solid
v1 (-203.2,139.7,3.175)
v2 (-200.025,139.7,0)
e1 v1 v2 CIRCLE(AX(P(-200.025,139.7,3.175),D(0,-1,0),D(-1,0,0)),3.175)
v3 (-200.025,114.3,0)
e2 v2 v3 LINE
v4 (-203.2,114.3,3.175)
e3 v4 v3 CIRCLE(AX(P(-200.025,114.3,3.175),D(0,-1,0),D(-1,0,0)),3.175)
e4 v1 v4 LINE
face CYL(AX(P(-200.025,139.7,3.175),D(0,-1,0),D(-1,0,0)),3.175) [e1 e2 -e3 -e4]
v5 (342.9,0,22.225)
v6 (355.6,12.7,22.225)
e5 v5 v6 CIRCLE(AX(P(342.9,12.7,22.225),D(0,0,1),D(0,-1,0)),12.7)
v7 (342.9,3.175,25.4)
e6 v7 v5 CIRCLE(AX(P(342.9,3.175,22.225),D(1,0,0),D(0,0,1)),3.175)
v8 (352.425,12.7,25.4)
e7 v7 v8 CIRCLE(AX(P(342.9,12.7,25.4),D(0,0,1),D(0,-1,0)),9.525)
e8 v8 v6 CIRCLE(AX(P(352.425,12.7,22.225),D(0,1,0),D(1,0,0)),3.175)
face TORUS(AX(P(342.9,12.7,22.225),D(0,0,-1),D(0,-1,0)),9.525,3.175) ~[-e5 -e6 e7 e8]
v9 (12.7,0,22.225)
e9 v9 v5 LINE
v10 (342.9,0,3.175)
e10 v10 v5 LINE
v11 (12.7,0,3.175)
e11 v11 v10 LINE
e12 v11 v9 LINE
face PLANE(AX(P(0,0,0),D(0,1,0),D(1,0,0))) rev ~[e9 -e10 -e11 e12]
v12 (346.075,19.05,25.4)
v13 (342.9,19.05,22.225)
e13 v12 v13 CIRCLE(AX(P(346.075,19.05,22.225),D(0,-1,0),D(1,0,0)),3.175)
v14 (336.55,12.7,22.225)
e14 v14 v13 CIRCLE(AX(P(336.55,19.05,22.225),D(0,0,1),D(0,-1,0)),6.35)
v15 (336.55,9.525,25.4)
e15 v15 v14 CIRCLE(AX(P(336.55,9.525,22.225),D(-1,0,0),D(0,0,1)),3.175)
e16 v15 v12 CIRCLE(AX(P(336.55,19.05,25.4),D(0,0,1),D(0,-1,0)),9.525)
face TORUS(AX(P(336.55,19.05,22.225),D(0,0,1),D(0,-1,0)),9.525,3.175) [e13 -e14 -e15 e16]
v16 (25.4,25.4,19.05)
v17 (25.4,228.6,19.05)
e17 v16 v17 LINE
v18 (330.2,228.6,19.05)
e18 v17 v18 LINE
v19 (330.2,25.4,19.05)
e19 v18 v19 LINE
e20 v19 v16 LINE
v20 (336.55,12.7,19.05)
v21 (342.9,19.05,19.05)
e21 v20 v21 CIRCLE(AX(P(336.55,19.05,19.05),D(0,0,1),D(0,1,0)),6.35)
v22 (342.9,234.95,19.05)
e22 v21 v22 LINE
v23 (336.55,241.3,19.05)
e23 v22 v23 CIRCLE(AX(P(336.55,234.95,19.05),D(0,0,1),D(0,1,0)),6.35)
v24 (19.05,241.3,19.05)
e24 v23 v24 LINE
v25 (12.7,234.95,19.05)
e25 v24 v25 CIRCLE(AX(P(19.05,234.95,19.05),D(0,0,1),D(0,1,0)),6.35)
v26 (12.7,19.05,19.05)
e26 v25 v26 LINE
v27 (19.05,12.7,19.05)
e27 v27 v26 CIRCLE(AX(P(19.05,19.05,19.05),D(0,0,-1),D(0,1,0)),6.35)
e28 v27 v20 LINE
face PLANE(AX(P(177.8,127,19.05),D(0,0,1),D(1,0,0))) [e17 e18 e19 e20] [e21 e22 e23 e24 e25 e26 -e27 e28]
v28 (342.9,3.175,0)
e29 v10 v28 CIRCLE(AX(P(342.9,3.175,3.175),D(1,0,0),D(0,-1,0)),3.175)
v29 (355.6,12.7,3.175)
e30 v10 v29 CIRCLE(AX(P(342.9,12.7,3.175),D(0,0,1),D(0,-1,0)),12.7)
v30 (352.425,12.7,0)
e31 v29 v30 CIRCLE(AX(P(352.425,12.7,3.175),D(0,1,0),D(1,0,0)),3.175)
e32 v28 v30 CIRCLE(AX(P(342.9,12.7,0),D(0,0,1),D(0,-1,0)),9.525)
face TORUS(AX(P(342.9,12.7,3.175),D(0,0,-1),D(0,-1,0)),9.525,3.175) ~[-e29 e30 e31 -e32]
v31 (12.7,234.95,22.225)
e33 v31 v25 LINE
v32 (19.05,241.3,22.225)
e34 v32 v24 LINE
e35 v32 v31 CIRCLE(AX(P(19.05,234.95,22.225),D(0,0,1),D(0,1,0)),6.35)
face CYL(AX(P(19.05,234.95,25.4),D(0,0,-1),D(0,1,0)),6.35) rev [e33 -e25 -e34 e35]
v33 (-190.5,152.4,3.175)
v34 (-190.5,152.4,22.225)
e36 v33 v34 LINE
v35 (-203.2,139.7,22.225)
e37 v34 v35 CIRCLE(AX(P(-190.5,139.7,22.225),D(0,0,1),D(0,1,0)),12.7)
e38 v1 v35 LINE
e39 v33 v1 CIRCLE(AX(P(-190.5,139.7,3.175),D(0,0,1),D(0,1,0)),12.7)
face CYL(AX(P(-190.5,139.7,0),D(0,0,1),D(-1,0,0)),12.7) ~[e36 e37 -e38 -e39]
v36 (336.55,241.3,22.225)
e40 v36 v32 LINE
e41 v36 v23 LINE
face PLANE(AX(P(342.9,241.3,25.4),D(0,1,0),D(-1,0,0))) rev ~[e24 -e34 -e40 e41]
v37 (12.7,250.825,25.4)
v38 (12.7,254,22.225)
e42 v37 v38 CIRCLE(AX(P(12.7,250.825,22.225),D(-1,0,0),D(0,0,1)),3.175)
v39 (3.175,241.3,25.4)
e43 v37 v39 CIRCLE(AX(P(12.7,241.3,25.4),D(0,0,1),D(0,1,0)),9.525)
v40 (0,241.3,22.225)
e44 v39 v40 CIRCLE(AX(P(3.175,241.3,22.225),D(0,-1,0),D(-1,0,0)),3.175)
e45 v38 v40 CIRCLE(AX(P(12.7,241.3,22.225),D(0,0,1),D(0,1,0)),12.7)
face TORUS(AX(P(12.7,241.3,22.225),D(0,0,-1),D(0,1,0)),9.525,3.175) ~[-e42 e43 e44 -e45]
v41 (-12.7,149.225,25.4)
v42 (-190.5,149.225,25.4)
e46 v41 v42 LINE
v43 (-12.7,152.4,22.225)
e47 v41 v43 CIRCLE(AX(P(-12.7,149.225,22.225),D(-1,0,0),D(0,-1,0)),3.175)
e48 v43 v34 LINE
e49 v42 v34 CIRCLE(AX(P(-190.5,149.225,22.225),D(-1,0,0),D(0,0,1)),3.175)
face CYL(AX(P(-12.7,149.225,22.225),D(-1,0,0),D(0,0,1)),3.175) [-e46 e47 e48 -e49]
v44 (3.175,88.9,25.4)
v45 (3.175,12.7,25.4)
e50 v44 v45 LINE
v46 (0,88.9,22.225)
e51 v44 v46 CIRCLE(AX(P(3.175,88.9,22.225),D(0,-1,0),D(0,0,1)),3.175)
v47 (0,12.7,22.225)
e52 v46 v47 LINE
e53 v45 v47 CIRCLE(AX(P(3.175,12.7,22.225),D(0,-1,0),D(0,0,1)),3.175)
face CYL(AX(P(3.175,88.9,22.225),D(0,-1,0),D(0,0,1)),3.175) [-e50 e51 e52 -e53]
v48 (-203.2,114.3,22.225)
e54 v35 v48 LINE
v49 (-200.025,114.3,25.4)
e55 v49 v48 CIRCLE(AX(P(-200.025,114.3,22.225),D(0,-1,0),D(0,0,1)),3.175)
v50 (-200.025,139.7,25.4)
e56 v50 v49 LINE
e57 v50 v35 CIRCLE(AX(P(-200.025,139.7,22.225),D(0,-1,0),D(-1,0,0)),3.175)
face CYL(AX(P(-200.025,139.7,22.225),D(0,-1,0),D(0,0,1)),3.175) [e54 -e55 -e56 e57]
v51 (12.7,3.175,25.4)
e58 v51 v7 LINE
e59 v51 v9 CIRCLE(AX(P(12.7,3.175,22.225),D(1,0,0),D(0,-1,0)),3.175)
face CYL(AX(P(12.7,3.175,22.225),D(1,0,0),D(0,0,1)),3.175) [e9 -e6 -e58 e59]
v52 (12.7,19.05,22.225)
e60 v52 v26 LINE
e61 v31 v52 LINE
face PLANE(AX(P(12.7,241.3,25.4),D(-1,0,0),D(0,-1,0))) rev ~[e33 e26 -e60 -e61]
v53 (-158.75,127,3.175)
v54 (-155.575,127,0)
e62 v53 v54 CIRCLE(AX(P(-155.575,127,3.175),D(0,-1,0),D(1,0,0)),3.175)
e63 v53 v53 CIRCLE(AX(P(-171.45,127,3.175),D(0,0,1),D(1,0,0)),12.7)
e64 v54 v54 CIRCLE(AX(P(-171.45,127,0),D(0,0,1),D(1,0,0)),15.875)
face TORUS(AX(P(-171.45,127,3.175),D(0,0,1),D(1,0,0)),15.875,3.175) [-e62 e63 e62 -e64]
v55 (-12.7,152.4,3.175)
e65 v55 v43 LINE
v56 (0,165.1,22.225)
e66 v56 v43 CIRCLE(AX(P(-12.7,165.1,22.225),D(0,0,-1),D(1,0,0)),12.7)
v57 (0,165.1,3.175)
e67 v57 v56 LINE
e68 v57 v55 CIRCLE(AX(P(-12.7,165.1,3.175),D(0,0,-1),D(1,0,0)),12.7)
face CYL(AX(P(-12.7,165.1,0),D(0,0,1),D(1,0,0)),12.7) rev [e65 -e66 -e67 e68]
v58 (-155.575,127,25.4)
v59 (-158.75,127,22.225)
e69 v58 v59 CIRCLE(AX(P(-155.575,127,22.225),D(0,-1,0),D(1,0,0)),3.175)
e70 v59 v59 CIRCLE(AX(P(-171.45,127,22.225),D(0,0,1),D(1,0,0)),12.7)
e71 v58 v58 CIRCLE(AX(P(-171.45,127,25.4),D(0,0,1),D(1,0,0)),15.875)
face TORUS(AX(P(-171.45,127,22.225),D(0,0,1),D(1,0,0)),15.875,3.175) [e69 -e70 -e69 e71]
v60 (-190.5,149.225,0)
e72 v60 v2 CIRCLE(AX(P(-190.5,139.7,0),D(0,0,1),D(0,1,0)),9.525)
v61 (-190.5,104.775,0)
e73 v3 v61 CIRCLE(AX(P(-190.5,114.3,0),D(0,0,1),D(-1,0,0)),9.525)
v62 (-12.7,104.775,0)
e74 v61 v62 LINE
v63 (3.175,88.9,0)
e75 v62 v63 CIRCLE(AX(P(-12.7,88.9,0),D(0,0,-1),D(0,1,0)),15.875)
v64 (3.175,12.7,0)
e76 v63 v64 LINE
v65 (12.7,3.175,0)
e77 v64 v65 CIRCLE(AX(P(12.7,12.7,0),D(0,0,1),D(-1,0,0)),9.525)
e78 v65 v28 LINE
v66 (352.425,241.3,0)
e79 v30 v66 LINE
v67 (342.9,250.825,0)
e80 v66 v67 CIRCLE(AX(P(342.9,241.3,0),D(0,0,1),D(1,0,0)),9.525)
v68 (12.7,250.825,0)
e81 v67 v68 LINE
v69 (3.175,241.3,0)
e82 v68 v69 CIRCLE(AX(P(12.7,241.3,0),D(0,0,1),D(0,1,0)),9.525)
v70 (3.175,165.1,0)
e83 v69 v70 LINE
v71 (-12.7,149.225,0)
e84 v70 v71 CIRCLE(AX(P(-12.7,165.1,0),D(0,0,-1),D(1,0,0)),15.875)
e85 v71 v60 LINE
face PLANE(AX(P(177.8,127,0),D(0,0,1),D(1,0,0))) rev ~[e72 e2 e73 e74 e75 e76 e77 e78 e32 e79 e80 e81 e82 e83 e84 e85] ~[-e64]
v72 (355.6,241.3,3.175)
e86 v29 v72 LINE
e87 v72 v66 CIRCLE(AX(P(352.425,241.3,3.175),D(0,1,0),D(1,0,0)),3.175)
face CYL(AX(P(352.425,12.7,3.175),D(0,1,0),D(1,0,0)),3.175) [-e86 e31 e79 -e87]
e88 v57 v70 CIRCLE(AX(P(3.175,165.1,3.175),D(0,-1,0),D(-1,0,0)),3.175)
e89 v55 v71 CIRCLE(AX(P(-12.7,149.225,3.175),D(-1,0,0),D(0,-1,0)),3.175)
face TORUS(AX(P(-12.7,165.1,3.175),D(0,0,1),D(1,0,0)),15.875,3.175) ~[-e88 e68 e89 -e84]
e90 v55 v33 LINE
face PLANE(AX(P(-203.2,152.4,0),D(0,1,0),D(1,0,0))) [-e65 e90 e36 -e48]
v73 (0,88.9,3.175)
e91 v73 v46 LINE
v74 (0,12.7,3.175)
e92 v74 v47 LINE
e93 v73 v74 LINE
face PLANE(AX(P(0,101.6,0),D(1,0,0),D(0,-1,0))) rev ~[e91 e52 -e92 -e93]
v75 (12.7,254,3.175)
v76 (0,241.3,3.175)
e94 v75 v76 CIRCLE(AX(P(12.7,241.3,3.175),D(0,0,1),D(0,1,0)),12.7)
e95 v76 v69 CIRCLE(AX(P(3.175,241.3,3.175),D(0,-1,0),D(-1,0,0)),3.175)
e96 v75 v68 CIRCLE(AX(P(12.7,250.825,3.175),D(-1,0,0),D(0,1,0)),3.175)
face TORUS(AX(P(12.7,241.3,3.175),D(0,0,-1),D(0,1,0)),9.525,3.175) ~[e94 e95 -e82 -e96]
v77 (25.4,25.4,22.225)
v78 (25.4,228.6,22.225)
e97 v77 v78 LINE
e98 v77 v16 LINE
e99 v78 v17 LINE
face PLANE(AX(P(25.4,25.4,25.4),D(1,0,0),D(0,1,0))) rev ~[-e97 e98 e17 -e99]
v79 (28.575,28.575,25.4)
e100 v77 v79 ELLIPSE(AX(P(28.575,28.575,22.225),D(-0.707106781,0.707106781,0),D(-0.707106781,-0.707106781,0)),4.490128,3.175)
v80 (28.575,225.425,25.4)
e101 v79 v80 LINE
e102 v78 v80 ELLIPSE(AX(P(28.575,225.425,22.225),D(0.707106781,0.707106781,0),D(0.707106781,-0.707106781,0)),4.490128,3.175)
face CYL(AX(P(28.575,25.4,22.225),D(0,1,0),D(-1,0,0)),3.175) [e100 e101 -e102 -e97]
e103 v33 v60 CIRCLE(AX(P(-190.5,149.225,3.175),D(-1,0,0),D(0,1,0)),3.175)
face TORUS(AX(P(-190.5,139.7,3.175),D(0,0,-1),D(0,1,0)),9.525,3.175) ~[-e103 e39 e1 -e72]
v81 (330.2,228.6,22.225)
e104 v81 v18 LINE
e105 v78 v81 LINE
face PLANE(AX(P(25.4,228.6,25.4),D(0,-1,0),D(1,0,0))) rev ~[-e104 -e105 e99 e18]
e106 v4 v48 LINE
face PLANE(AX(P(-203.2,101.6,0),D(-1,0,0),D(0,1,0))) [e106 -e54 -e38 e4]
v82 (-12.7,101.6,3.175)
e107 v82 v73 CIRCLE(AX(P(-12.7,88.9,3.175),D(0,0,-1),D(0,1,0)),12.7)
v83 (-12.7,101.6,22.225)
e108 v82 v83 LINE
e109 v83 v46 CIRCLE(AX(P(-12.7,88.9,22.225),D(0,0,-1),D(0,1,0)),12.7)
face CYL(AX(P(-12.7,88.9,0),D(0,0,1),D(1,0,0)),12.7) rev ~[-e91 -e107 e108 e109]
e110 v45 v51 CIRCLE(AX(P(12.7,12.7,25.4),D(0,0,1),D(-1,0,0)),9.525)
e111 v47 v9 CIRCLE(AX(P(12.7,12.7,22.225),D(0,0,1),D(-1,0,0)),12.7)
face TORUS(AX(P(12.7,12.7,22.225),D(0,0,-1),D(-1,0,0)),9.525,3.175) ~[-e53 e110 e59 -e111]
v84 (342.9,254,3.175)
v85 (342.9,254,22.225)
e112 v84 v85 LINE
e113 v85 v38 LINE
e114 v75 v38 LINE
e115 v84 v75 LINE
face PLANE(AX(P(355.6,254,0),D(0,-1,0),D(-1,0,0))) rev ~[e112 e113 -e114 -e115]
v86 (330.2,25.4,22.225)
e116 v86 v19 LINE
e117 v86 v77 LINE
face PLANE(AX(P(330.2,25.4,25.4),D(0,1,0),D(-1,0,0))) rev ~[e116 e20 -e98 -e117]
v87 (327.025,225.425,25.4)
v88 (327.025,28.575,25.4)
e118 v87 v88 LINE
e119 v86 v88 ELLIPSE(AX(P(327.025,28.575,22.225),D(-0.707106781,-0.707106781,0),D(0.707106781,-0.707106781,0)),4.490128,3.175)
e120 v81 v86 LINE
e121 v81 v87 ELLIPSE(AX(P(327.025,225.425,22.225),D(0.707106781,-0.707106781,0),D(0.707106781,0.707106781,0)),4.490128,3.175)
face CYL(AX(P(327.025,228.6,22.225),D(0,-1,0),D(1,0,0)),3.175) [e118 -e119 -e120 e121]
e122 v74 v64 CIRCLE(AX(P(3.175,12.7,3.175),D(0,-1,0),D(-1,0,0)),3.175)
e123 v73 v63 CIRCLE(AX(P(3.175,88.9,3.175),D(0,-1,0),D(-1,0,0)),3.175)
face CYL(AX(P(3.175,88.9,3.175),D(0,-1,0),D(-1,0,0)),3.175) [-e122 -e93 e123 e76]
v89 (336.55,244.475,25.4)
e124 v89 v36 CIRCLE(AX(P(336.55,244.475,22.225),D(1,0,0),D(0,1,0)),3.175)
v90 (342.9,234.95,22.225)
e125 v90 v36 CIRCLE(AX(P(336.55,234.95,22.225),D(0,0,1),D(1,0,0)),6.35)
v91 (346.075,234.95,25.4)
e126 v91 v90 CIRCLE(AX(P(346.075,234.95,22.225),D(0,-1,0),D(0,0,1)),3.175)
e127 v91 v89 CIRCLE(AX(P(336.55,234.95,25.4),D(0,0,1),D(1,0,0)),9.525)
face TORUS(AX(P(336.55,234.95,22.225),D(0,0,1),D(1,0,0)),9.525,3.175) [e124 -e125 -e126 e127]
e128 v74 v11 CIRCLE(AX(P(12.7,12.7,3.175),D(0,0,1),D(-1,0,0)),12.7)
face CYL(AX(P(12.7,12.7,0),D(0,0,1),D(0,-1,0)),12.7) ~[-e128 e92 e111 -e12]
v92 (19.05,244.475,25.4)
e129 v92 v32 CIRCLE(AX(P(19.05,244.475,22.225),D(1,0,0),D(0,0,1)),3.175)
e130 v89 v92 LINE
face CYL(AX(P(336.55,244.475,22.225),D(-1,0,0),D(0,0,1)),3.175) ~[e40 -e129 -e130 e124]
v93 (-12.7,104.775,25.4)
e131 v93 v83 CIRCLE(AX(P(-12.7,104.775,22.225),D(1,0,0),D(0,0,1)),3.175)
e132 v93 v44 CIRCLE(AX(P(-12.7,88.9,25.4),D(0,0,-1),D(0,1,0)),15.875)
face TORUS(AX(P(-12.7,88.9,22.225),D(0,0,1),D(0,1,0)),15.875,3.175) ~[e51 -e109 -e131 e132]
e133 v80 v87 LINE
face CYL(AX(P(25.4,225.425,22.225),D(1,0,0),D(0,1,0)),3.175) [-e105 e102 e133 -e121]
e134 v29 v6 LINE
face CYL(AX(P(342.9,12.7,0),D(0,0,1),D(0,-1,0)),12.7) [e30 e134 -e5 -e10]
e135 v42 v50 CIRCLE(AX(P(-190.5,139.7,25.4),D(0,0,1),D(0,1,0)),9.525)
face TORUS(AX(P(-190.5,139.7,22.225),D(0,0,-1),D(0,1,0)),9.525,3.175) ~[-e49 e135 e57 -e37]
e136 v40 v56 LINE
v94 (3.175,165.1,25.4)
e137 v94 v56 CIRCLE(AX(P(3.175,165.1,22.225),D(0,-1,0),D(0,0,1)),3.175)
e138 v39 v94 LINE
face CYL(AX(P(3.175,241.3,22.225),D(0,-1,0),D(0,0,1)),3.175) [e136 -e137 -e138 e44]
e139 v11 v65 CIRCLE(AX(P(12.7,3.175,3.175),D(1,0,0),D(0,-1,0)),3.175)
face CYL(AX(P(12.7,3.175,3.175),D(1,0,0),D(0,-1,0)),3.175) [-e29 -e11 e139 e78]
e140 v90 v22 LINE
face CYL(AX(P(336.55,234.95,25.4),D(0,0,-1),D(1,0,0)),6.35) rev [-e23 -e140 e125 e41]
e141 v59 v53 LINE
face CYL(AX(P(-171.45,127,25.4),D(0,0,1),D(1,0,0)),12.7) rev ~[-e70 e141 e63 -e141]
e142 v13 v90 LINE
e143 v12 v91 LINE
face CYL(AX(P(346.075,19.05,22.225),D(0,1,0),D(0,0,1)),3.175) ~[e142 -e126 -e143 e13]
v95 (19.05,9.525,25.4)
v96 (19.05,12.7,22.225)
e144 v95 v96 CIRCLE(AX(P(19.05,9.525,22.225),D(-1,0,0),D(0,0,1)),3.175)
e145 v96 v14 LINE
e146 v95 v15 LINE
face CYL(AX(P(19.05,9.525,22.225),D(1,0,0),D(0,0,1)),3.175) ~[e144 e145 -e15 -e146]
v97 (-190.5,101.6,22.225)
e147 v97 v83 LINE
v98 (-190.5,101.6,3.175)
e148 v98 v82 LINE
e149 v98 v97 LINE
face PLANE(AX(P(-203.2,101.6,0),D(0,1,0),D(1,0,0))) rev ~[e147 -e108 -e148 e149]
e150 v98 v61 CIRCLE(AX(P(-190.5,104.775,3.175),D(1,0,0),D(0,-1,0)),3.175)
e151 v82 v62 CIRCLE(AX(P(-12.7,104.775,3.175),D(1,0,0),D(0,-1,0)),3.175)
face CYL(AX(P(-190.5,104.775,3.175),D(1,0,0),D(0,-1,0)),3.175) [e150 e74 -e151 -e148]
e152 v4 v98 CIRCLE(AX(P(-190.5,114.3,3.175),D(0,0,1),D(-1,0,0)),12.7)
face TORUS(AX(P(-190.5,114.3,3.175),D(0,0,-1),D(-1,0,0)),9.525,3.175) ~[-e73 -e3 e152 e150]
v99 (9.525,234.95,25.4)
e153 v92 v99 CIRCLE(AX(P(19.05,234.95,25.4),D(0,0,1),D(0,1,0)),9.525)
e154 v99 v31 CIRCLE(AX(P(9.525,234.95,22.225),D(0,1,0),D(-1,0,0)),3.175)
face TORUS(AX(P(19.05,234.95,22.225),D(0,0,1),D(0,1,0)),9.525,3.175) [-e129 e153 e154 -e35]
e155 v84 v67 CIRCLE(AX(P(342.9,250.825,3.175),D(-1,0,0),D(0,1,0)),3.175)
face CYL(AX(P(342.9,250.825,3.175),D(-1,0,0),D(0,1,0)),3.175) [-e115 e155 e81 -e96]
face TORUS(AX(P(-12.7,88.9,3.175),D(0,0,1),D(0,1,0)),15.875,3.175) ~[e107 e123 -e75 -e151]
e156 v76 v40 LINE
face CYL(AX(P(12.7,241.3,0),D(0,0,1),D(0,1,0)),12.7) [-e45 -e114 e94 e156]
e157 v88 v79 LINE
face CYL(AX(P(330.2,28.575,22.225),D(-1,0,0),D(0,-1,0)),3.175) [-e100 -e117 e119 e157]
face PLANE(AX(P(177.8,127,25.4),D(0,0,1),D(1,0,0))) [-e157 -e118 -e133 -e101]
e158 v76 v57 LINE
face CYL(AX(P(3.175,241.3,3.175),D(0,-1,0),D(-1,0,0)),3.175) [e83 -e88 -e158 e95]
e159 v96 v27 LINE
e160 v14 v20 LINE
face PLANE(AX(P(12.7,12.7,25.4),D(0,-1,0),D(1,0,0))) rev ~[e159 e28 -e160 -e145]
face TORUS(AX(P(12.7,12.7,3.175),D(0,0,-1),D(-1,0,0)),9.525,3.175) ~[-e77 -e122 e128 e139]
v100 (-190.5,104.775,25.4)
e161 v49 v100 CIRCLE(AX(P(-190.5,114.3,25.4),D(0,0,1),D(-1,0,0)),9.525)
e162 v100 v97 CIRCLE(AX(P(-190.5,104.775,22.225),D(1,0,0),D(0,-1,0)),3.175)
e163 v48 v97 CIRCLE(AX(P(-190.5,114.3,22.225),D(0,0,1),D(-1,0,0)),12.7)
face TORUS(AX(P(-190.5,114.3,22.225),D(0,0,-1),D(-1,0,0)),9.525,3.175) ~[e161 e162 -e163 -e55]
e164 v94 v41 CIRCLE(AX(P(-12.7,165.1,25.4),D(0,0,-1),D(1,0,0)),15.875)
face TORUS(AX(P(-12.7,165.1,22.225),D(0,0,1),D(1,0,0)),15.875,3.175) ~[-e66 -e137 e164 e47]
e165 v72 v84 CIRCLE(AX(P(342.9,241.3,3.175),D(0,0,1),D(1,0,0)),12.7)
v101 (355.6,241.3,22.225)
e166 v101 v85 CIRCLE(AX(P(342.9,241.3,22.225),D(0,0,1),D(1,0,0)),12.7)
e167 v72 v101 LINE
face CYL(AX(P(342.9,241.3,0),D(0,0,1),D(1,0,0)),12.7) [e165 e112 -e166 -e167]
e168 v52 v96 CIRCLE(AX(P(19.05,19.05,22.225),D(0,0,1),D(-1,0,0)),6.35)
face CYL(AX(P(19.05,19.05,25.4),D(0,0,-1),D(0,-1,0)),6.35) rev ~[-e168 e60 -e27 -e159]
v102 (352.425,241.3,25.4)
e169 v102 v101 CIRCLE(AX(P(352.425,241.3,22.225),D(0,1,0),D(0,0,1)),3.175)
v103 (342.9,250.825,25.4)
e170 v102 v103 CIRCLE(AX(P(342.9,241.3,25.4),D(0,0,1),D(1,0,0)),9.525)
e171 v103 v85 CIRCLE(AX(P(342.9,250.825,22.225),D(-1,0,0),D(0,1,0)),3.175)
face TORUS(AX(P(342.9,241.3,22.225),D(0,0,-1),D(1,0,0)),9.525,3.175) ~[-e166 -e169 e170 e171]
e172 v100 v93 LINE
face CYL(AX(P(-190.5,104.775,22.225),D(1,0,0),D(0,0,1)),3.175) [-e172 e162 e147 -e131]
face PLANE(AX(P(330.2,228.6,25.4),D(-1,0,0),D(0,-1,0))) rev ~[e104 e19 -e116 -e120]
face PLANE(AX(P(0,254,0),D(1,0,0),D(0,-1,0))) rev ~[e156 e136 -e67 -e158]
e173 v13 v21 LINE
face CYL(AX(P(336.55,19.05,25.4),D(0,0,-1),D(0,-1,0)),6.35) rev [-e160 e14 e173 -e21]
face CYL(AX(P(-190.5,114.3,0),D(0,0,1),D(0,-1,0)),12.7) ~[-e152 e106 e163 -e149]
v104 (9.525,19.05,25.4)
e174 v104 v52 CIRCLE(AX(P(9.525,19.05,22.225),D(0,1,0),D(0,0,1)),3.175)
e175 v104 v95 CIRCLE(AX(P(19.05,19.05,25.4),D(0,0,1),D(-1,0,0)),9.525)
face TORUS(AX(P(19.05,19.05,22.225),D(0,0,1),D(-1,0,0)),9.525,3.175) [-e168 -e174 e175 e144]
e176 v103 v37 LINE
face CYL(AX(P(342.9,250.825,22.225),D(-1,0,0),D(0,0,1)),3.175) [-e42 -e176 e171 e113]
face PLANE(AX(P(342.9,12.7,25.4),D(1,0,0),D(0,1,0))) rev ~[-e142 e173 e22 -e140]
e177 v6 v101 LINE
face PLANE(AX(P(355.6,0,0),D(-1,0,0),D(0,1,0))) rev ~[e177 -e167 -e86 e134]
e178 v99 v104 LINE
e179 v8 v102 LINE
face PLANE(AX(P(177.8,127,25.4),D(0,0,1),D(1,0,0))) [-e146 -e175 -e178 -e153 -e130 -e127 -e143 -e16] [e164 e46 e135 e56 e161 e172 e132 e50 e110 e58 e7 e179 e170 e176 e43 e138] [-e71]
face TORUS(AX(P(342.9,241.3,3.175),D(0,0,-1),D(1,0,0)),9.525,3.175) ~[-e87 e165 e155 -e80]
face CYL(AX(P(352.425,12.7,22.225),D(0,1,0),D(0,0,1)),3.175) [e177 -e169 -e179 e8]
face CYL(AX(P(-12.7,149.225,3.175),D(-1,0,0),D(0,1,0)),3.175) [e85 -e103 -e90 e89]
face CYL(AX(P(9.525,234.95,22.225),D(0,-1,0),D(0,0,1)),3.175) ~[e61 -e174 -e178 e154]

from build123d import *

# Parameters (mm, degrees)
F0_W     = 203.2
F0_H     = 50.8
F1_DEPTH = 25.4
F2_R     = 12.7
F3_DEPTH = 25.4
F5_DEPTH = 6.35
F6_R     = 6.35
F7_R     = 12.7
F8_R     = 3.175


with BuildPart() as f1:
    # F0 (on Top) → F1 (new body)
    with BuildSketch(Plane.XY):
        Polygon((0, 101.6), (0, 0), (355.6, 0), (355.6, 254), (0, 254), (0, 152.4), align=None)
        with Locations((-101.6, 127)):
            Rectangle(F0_W, F0_H)
    extrude(amount=F1_DEPTH)

    # F2 (on face) → F3 (cut)
    with BuildSketch(Plane.XY.offset(25.4)):
        with Locations((-171.45, 127)):
            Circle(F2_R)
    extrude(amount=-F3_DEPTH, mode=Mode.SUBTRACT)

    # F4 (on face) → F5 (cut)
    with BuildSketch(Plane.XY.offset(25.4)):
        Polygon((12.7, 101.6), (12.7, 12.7), (342.9, 12.7), (342.9, 241.3), (12.7, 241.3), (12.7, 152.4), align=None)
        Polygon((25.4, 101.6), (25.4, 152.4), (25.4, 228.6), (330.2, 228.6), (330.2, 25.4), (25.4, 25.4), align=None, mode=Mode.SUBTRACT)
    extrude(amount=-F5_DEPTH, mode=Mode.SUBTRACT)

    # F6
    f6_edges = [f1.edges().sort_by_distance(p)[0] for p in [
        (12.7, 241.3, 22.225),
        (12.7, 12.7, 22.225),
        (342.9, 241.3, 22.225),
        (342.9, 12.7, 22.225),
    ]]
    fillet(f6_edges, radius=F6_R)

    # F7
    f7_edges = [f1.edges().sort_by_distance(p)[0] for p in [
        (355.6, 254, 12.7),
        (0, 254, 12.7),
        (0, 0, 12.7),
        (355.6, 0, 12.7),
        (-203.2, 152.4, 12.7),
        (-203.2, 101.6, 12.7),
        (0, 101.6, 12.7),
        (0, 152.4, 12.7),
    ]]
    fillet(f7_edges, radius=F7_R)

    # F8
    f8_edges = [f1.edges().sort_by_distance(p)[0] for p in [
        (177.8, 228.6, 25.4),
        (330.2, 127, 25.4),
        (177.8, 25.4, 25.4),
        (25.4, 127, 25.4),
        (0, 50.8, 25.4),
        (-3.719744, 97.880256, 25.4),
        (3.719744, 3.719744, 25.4),
        (-101.6, 101.6, 25.4),
        (177.8, 0, 25.4),
        (-199.480256, 105.319744, 25.4),
        (351.880256, 3.719744, 25.4),
        (-203.2, 127, 25.4),
        (355.6, 127, 25.4),
        (-199.480256, 148.680256, 25.4),
        (351.880256, 250.280256, 25.4),
        (-101.6, 152.4, 25.4),
        (177.8, 254, 25.4),
        (-3.719744, 156.119744, 25.4),
        (3.719744, 250.280256, 25.4),
        (0, 203.2, 25.4),
        (177.8, 12.7, 25.4),
        (14.559872, 14.559872, 25.4),
        (341.040128, 14.559872, 25.4),
        (12.7, 127, 25.4),
        (342.9, 127, 25.4),
        (14.559872, 239.440128, 25.4),
        (341.040128, 239.440128, 25.4),
        (177.8, 241.3, 25.4),
        (-184.15, 127, 25.4),
        (0, 50.8, 0),
        (-3.719744, 97.880256, 0),
        (3.719744, 3.719744, 0),
        (-101.6, 101.6, 0),
        (177.8, 0, 0),
        (-199.480256, 105.319744, 0),
        (351.880256, 3.719744, 0),
        (-203.2, 127, 0),
        (355.6, 127, 0),
        (-199.480256, 148.680256, 0),
        (351.880256, 250.280256, 0),
        (-101.6, 152.4, 0),
        (177.8, 254, 0),
        (-3.719744, 156.119744, 0),
        (3.719744, 250.280256, 0),
        (0, 203.2, 0),
        (-184.15, 127, 0),
    ]]
    fillet(f8_edges, radius=F8_R)


solid = f1.part
